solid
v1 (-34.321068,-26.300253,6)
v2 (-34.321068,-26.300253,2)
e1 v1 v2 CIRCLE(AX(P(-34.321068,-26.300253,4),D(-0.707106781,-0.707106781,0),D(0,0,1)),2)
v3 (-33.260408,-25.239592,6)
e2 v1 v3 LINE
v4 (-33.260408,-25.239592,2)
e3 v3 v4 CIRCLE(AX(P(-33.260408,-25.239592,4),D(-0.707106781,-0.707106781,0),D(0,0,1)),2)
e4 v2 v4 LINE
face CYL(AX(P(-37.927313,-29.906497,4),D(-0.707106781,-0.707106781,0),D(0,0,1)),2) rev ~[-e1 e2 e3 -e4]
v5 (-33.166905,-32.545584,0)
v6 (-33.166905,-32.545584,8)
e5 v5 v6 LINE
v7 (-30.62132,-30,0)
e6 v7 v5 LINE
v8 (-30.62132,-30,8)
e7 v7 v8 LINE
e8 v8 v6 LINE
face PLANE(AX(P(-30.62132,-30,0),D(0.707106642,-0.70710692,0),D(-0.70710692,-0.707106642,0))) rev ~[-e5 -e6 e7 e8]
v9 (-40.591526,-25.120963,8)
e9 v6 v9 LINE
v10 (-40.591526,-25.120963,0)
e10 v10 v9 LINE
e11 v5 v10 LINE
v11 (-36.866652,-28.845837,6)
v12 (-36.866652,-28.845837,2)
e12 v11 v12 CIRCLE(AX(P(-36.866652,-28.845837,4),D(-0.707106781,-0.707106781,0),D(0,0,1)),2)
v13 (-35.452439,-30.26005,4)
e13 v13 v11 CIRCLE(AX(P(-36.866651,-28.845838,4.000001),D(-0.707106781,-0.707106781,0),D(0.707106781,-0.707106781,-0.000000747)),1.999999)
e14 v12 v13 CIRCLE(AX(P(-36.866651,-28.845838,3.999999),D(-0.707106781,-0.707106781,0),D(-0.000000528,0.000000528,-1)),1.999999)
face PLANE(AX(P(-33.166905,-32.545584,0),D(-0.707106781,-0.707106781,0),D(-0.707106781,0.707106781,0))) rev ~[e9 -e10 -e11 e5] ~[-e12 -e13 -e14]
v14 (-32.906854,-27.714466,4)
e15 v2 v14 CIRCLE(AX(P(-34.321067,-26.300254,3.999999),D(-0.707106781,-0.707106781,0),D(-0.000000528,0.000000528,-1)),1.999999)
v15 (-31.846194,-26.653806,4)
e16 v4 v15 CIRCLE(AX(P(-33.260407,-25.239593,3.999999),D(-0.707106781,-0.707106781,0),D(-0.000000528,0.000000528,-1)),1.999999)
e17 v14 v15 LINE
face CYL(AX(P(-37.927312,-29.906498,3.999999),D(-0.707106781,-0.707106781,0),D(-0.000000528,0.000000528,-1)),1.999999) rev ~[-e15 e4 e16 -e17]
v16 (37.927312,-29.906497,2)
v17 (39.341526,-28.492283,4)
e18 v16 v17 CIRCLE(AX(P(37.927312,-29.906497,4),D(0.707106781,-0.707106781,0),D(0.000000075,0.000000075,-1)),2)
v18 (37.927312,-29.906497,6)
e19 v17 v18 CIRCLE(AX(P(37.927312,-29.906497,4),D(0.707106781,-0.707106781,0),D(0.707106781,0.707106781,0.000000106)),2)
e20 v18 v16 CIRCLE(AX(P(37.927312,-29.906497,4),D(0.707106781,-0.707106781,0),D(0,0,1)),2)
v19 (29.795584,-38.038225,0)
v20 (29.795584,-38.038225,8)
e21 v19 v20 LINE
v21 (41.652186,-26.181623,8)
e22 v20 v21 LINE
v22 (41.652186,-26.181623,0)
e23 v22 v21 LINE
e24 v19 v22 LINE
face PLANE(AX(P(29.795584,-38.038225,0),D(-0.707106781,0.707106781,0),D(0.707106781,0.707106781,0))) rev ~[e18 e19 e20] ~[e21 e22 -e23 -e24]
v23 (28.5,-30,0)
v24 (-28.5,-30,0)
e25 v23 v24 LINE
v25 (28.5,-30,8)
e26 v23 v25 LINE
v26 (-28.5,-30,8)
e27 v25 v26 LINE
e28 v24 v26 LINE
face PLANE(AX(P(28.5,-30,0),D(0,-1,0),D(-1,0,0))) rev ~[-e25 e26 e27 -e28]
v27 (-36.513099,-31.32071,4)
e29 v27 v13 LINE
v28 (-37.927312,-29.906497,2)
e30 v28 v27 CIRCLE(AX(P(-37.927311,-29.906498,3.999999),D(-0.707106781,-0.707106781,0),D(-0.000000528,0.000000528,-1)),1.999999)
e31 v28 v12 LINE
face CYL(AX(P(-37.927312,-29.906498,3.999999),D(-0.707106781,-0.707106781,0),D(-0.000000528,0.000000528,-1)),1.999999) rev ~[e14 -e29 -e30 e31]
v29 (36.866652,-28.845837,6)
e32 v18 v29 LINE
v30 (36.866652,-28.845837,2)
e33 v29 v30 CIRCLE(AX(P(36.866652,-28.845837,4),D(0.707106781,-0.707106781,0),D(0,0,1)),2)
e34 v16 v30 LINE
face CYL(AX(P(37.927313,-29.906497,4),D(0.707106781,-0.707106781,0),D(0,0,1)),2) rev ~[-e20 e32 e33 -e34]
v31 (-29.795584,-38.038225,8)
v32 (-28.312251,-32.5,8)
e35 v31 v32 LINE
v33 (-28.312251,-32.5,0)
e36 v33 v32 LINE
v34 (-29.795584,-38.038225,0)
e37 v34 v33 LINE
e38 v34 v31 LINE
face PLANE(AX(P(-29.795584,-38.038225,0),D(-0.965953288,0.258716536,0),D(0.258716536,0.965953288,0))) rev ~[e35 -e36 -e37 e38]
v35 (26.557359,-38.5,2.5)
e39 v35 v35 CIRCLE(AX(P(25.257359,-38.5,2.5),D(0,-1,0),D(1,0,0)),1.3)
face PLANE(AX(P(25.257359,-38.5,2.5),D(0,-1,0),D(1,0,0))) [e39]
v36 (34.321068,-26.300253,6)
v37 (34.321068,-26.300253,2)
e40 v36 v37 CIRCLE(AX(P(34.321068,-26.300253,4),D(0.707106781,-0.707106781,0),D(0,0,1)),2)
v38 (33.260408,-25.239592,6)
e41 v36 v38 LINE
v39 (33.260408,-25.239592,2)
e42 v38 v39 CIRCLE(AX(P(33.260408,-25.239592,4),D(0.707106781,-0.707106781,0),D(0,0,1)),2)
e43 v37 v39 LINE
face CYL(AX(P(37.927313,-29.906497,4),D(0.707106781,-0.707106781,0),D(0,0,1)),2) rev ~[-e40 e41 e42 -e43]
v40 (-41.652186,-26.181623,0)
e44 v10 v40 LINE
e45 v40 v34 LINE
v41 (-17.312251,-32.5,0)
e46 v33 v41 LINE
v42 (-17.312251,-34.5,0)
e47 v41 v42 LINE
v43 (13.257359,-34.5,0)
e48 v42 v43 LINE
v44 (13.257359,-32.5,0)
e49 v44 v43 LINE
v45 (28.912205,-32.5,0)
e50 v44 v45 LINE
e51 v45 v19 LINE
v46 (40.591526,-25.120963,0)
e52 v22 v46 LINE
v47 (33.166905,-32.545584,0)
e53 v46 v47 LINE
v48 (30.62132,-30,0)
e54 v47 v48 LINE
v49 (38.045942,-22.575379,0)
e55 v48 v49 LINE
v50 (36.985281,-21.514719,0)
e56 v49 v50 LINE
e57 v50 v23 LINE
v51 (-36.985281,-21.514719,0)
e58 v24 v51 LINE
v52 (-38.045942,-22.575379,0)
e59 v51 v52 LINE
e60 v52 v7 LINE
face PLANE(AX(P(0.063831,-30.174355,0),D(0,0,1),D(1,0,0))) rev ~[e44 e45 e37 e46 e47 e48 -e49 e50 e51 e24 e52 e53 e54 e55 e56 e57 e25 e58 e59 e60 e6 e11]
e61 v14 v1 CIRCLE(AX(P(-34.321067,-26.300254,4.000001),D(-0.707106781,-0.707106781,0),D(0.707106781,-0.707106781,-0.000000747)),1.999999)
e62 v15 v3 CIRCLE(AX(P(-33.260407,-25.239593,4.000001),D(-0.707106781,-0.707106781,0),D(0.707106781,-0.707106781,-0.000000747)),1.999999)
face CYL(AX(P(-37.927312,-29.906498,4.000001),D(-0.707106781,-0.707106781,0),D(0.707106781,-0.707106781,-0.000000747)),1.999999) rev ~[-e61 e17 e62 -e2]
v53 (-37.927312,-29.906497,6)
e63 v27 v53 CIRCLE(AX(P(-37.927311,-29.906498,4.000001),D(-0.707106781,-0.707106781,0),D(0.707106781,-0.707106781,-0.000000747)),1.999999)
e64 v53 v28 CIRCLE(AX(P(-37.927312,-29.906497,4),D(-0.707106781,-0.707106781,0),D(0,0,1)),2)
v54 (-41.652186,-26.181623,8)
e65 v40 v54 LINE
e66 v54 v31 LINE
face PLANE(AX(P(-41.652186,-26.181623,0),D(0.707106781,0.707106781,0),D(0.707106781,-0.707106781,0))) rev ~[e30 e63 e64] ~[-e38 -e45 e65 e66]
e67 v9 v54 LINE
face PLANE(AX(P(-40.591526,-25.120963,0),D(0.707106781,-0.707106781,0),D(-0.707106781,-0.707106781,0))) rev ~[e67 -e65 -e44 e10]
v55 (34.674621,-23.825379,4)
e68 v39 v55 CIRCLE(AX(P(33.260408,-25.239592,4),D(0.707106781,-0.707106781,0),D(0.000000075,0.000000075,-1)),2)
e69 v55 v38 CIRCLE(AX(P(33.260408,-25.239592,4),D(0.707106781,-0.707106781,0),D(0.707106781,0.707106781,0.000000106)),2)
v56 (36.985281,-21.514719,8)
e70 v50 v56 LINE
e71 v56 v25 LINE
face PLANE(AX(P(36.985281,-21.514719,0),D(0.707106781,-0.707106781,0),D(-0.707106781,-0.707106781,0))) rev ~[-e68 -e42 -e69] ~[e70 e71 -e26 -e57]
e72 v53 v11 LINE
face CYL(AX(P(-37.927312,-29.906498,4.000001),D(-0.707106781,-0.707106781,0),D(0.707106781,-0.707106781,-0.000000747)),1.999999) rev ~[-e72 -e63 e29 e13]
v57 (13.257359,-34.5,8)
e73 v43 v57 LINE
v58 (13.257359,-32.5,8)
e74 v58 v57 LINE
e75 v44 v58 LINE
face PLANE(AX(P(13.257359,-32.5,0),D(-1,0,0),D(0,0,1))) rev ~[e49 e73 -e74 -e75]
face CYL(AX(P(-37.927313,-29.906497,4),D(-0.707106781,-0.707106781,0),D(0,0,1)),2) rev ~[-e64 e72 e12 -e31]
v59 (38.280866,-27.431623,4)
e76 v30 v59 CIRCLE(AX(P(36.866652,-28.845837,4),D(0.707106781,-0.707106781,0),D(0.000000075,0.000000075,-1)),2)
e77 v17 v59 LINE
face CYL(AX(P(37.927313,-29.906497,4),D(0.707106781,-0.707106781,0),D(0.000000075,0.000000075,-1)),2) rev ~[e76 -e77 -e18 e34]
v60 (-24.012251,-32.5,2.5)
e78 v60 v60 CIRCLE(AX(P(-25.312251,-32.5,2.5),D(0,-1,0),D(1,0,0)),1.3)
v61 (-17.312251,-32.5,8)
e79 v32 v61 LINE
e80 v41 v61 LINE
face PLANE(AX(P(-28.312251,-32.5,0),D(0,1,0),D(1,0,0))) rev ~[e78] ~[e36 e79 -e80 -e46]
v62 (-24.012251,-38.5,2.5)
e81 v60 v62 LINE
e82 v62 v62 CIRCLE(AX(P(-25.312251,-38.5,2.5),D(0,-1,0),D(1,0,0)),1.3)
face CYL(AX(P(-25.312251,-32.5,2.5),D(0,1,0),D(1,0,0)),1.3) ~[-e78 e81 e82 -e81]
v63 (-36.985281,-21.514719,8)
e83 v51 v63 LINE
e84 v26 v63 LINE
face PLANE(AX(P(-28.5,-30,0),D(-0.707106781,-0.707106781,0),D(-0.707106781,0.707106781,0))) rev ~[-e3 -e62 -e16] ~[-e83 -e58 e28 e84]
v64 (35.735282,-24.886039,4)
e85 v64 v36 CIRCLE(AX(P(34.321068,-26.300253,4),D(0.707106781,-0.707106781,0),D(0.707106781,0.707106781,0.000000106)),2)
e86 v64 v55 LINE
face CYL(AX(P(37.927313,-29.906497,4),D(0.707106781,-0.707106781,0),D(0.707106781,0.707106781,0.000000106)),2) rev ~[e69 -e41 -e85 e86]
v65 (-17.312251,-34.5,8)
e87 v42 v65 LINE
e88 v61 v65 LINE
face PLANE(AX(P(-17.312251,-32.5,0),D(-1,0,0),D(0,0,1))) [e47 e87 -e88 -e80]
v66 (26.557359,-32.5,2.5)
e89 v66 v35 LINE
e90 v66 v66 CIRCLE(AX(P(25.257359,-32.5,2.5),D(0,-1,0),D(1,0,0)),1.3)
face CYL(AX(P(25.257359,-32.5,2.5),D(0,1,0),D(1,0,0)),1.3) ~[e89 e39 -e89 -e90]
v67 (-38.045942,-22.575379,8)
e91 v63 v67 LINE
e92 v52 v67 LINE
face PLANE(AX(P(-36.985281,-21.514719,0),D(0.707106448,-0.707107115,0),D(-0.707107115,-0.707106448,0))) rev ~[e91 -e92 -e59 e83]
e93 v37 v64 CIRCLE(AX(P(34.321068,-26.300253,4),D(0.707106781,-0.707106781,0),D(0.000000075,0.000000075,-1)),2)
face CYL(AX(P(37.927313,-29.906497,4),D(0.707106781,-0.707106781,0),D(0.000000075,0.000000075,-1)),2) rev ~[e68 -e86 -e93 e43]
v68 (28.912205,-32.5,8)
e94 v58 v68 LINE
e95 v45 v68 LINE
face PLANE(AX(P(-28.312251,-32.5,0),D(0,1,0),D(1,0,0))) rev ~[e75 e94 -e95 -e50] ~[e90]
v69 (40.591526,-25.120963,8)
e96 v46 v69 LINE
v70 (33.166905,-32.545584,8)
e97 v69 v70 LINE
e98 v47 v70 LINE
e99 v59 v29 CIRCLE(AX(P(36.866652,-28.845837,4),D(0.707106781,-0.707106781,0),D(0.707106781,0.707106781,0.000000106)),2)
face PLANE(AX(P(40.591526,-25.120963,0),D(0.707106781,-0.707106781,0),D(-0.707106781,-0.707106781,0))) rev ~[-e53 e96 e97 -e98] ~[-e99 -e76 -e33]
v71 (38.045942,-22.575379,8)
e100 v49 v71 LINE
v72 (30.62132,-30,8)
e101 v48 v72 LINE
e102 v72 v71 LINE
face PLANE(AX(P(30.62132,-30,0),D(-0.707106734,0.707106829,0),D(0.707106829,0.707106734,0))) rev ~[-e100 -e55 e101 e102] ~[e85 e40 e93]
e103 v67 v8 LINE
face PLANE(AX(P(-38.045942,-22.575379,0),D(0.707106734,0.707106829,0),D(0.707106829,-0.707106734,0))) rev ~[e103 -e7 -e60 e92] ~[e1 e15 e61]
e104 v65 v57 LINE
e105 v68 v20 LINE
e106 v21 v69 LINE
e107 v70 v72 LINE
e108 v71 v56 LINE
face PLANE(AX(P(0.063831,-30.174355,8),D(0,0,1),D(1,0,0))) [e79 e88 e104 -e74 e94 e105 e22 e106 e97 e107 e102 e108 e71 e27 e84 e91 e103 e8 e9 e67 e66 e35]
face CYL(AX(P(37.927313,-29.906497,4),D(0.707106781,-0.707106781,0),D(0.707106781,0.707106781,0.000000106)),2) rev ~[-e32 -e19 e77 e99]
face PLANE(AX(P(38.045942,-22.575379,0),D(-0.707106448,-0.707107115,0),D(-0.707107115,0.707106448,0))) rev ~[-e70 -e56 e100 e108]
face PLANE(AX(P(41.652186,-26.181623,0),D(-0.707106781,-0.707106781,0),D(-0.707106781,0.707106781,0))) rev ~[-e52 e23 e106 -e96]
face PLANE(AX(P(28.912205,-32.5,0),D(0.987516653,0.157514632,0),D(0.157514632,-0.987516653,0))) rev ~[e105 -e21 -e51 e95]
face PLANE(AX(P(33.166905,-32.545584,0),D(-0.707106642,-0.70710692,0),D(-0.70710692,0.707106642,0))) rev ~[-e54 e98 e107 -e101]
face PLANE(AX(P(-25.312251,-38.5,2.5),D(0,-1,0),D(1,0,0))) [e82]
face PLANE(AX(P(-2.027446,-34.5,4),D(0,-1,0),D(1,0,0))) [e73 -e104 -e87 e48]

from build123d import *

# Parameters (mm, degrees)
F1_DEPTH = 8
F3_DEPTH = 10
F5_DEPTH = 9.9
F6_W     = 30.56961
F6_H     = 8
F7_DEPTH = 2
F6_R     = 1.3
F8_DEPTH = 6


with BuildPart() as f1:
    # F0 (on Top) → F1 (new body)
    with BuildSketch(Plane.XY):
        Polygon((28.5, -30), (-28.5, -30), (-36.985281, -21.514719), (-38.045942, -22.575379), (-30.62132, -30), (-33.166905, -32.545584), (-40.591526, -25.120963), (-41.652186, -26.181623), (-29.795584, -38.038225), (-28.312251, -32.5), (28.912205, -32.5), (29.795584, -38.038225), (41.652186, -26.181623), (40.591526, -25.120963), (33.166905, -32.545584), (30.62132, -30), (38.045942, -22.575379), (36.985281, -21.514719), align=None)
    extrude(amount=F1_DEPTH)

    # F2 (on face) → F3 (cut)
    with BuildSketch(Plane(origin=(33.916905, -33.916905, 0), x_dir=(0.707107, 0.707107, 0), z_dir=(0.707107, -0.707107, 0))):
        with BuildLine():
            ThreePointArc((7.671573, 4), (7.085786, 5.414214), (5.671573, 6))
            ThreePointArc((5.671573, 6), (3.671573, 4), (5.671573, 2))
            ThreePointArc((5.671573, 2), (7.085786, 2.585786), (7.671573, 4))
        make_face()
    extrude(amount=-F3_DEPTH, mode=Mode.SUBTRACT)

    # F4 (on face) → F5 (cut)
    with BuildSketch(Plane(origin=(-33.916905, -33.916905, 0), x_dir=(0.707107, -0.707107, 0), z_dir=(-0.707107, -0.707107, 0))):
        with BuildLine():
            ThreePointArc((-3.671573, 4), (-4.257359, 5.414214), (-5.671573, 6))
            ThreePointArc((-5.671573, 6), (-7.671573, 4), (-5.671573, 2))
            ThreePointArc((-5.671573, 2), (-4.257359, 2.585786), (-3.671573, 4))
        make_face()
    extrude(amount=-F5_DEPTH, mode=Mode.SUBTRACT)

    # F6 (on face) → F7 (join)
    with BuildSketch(Plane.XZ.offset(32.5)):
        with Locations((-2.027446, 4)):
            Rectangle(F6_W, F6_H)
    extrude(amount=F7_DEPTH)

    # F6 (on face) → F8 (join)
    with BuildSketch(Plane.XZ.offset(32.5)):
        with Locations((-25.312251, 2.5)):
            Circle(F6_R)
        with Locations((25.257359, 2.5)):
            Circle(F6_R)
    extrude(amount=F8_DEPTH)


solid = f1.part
